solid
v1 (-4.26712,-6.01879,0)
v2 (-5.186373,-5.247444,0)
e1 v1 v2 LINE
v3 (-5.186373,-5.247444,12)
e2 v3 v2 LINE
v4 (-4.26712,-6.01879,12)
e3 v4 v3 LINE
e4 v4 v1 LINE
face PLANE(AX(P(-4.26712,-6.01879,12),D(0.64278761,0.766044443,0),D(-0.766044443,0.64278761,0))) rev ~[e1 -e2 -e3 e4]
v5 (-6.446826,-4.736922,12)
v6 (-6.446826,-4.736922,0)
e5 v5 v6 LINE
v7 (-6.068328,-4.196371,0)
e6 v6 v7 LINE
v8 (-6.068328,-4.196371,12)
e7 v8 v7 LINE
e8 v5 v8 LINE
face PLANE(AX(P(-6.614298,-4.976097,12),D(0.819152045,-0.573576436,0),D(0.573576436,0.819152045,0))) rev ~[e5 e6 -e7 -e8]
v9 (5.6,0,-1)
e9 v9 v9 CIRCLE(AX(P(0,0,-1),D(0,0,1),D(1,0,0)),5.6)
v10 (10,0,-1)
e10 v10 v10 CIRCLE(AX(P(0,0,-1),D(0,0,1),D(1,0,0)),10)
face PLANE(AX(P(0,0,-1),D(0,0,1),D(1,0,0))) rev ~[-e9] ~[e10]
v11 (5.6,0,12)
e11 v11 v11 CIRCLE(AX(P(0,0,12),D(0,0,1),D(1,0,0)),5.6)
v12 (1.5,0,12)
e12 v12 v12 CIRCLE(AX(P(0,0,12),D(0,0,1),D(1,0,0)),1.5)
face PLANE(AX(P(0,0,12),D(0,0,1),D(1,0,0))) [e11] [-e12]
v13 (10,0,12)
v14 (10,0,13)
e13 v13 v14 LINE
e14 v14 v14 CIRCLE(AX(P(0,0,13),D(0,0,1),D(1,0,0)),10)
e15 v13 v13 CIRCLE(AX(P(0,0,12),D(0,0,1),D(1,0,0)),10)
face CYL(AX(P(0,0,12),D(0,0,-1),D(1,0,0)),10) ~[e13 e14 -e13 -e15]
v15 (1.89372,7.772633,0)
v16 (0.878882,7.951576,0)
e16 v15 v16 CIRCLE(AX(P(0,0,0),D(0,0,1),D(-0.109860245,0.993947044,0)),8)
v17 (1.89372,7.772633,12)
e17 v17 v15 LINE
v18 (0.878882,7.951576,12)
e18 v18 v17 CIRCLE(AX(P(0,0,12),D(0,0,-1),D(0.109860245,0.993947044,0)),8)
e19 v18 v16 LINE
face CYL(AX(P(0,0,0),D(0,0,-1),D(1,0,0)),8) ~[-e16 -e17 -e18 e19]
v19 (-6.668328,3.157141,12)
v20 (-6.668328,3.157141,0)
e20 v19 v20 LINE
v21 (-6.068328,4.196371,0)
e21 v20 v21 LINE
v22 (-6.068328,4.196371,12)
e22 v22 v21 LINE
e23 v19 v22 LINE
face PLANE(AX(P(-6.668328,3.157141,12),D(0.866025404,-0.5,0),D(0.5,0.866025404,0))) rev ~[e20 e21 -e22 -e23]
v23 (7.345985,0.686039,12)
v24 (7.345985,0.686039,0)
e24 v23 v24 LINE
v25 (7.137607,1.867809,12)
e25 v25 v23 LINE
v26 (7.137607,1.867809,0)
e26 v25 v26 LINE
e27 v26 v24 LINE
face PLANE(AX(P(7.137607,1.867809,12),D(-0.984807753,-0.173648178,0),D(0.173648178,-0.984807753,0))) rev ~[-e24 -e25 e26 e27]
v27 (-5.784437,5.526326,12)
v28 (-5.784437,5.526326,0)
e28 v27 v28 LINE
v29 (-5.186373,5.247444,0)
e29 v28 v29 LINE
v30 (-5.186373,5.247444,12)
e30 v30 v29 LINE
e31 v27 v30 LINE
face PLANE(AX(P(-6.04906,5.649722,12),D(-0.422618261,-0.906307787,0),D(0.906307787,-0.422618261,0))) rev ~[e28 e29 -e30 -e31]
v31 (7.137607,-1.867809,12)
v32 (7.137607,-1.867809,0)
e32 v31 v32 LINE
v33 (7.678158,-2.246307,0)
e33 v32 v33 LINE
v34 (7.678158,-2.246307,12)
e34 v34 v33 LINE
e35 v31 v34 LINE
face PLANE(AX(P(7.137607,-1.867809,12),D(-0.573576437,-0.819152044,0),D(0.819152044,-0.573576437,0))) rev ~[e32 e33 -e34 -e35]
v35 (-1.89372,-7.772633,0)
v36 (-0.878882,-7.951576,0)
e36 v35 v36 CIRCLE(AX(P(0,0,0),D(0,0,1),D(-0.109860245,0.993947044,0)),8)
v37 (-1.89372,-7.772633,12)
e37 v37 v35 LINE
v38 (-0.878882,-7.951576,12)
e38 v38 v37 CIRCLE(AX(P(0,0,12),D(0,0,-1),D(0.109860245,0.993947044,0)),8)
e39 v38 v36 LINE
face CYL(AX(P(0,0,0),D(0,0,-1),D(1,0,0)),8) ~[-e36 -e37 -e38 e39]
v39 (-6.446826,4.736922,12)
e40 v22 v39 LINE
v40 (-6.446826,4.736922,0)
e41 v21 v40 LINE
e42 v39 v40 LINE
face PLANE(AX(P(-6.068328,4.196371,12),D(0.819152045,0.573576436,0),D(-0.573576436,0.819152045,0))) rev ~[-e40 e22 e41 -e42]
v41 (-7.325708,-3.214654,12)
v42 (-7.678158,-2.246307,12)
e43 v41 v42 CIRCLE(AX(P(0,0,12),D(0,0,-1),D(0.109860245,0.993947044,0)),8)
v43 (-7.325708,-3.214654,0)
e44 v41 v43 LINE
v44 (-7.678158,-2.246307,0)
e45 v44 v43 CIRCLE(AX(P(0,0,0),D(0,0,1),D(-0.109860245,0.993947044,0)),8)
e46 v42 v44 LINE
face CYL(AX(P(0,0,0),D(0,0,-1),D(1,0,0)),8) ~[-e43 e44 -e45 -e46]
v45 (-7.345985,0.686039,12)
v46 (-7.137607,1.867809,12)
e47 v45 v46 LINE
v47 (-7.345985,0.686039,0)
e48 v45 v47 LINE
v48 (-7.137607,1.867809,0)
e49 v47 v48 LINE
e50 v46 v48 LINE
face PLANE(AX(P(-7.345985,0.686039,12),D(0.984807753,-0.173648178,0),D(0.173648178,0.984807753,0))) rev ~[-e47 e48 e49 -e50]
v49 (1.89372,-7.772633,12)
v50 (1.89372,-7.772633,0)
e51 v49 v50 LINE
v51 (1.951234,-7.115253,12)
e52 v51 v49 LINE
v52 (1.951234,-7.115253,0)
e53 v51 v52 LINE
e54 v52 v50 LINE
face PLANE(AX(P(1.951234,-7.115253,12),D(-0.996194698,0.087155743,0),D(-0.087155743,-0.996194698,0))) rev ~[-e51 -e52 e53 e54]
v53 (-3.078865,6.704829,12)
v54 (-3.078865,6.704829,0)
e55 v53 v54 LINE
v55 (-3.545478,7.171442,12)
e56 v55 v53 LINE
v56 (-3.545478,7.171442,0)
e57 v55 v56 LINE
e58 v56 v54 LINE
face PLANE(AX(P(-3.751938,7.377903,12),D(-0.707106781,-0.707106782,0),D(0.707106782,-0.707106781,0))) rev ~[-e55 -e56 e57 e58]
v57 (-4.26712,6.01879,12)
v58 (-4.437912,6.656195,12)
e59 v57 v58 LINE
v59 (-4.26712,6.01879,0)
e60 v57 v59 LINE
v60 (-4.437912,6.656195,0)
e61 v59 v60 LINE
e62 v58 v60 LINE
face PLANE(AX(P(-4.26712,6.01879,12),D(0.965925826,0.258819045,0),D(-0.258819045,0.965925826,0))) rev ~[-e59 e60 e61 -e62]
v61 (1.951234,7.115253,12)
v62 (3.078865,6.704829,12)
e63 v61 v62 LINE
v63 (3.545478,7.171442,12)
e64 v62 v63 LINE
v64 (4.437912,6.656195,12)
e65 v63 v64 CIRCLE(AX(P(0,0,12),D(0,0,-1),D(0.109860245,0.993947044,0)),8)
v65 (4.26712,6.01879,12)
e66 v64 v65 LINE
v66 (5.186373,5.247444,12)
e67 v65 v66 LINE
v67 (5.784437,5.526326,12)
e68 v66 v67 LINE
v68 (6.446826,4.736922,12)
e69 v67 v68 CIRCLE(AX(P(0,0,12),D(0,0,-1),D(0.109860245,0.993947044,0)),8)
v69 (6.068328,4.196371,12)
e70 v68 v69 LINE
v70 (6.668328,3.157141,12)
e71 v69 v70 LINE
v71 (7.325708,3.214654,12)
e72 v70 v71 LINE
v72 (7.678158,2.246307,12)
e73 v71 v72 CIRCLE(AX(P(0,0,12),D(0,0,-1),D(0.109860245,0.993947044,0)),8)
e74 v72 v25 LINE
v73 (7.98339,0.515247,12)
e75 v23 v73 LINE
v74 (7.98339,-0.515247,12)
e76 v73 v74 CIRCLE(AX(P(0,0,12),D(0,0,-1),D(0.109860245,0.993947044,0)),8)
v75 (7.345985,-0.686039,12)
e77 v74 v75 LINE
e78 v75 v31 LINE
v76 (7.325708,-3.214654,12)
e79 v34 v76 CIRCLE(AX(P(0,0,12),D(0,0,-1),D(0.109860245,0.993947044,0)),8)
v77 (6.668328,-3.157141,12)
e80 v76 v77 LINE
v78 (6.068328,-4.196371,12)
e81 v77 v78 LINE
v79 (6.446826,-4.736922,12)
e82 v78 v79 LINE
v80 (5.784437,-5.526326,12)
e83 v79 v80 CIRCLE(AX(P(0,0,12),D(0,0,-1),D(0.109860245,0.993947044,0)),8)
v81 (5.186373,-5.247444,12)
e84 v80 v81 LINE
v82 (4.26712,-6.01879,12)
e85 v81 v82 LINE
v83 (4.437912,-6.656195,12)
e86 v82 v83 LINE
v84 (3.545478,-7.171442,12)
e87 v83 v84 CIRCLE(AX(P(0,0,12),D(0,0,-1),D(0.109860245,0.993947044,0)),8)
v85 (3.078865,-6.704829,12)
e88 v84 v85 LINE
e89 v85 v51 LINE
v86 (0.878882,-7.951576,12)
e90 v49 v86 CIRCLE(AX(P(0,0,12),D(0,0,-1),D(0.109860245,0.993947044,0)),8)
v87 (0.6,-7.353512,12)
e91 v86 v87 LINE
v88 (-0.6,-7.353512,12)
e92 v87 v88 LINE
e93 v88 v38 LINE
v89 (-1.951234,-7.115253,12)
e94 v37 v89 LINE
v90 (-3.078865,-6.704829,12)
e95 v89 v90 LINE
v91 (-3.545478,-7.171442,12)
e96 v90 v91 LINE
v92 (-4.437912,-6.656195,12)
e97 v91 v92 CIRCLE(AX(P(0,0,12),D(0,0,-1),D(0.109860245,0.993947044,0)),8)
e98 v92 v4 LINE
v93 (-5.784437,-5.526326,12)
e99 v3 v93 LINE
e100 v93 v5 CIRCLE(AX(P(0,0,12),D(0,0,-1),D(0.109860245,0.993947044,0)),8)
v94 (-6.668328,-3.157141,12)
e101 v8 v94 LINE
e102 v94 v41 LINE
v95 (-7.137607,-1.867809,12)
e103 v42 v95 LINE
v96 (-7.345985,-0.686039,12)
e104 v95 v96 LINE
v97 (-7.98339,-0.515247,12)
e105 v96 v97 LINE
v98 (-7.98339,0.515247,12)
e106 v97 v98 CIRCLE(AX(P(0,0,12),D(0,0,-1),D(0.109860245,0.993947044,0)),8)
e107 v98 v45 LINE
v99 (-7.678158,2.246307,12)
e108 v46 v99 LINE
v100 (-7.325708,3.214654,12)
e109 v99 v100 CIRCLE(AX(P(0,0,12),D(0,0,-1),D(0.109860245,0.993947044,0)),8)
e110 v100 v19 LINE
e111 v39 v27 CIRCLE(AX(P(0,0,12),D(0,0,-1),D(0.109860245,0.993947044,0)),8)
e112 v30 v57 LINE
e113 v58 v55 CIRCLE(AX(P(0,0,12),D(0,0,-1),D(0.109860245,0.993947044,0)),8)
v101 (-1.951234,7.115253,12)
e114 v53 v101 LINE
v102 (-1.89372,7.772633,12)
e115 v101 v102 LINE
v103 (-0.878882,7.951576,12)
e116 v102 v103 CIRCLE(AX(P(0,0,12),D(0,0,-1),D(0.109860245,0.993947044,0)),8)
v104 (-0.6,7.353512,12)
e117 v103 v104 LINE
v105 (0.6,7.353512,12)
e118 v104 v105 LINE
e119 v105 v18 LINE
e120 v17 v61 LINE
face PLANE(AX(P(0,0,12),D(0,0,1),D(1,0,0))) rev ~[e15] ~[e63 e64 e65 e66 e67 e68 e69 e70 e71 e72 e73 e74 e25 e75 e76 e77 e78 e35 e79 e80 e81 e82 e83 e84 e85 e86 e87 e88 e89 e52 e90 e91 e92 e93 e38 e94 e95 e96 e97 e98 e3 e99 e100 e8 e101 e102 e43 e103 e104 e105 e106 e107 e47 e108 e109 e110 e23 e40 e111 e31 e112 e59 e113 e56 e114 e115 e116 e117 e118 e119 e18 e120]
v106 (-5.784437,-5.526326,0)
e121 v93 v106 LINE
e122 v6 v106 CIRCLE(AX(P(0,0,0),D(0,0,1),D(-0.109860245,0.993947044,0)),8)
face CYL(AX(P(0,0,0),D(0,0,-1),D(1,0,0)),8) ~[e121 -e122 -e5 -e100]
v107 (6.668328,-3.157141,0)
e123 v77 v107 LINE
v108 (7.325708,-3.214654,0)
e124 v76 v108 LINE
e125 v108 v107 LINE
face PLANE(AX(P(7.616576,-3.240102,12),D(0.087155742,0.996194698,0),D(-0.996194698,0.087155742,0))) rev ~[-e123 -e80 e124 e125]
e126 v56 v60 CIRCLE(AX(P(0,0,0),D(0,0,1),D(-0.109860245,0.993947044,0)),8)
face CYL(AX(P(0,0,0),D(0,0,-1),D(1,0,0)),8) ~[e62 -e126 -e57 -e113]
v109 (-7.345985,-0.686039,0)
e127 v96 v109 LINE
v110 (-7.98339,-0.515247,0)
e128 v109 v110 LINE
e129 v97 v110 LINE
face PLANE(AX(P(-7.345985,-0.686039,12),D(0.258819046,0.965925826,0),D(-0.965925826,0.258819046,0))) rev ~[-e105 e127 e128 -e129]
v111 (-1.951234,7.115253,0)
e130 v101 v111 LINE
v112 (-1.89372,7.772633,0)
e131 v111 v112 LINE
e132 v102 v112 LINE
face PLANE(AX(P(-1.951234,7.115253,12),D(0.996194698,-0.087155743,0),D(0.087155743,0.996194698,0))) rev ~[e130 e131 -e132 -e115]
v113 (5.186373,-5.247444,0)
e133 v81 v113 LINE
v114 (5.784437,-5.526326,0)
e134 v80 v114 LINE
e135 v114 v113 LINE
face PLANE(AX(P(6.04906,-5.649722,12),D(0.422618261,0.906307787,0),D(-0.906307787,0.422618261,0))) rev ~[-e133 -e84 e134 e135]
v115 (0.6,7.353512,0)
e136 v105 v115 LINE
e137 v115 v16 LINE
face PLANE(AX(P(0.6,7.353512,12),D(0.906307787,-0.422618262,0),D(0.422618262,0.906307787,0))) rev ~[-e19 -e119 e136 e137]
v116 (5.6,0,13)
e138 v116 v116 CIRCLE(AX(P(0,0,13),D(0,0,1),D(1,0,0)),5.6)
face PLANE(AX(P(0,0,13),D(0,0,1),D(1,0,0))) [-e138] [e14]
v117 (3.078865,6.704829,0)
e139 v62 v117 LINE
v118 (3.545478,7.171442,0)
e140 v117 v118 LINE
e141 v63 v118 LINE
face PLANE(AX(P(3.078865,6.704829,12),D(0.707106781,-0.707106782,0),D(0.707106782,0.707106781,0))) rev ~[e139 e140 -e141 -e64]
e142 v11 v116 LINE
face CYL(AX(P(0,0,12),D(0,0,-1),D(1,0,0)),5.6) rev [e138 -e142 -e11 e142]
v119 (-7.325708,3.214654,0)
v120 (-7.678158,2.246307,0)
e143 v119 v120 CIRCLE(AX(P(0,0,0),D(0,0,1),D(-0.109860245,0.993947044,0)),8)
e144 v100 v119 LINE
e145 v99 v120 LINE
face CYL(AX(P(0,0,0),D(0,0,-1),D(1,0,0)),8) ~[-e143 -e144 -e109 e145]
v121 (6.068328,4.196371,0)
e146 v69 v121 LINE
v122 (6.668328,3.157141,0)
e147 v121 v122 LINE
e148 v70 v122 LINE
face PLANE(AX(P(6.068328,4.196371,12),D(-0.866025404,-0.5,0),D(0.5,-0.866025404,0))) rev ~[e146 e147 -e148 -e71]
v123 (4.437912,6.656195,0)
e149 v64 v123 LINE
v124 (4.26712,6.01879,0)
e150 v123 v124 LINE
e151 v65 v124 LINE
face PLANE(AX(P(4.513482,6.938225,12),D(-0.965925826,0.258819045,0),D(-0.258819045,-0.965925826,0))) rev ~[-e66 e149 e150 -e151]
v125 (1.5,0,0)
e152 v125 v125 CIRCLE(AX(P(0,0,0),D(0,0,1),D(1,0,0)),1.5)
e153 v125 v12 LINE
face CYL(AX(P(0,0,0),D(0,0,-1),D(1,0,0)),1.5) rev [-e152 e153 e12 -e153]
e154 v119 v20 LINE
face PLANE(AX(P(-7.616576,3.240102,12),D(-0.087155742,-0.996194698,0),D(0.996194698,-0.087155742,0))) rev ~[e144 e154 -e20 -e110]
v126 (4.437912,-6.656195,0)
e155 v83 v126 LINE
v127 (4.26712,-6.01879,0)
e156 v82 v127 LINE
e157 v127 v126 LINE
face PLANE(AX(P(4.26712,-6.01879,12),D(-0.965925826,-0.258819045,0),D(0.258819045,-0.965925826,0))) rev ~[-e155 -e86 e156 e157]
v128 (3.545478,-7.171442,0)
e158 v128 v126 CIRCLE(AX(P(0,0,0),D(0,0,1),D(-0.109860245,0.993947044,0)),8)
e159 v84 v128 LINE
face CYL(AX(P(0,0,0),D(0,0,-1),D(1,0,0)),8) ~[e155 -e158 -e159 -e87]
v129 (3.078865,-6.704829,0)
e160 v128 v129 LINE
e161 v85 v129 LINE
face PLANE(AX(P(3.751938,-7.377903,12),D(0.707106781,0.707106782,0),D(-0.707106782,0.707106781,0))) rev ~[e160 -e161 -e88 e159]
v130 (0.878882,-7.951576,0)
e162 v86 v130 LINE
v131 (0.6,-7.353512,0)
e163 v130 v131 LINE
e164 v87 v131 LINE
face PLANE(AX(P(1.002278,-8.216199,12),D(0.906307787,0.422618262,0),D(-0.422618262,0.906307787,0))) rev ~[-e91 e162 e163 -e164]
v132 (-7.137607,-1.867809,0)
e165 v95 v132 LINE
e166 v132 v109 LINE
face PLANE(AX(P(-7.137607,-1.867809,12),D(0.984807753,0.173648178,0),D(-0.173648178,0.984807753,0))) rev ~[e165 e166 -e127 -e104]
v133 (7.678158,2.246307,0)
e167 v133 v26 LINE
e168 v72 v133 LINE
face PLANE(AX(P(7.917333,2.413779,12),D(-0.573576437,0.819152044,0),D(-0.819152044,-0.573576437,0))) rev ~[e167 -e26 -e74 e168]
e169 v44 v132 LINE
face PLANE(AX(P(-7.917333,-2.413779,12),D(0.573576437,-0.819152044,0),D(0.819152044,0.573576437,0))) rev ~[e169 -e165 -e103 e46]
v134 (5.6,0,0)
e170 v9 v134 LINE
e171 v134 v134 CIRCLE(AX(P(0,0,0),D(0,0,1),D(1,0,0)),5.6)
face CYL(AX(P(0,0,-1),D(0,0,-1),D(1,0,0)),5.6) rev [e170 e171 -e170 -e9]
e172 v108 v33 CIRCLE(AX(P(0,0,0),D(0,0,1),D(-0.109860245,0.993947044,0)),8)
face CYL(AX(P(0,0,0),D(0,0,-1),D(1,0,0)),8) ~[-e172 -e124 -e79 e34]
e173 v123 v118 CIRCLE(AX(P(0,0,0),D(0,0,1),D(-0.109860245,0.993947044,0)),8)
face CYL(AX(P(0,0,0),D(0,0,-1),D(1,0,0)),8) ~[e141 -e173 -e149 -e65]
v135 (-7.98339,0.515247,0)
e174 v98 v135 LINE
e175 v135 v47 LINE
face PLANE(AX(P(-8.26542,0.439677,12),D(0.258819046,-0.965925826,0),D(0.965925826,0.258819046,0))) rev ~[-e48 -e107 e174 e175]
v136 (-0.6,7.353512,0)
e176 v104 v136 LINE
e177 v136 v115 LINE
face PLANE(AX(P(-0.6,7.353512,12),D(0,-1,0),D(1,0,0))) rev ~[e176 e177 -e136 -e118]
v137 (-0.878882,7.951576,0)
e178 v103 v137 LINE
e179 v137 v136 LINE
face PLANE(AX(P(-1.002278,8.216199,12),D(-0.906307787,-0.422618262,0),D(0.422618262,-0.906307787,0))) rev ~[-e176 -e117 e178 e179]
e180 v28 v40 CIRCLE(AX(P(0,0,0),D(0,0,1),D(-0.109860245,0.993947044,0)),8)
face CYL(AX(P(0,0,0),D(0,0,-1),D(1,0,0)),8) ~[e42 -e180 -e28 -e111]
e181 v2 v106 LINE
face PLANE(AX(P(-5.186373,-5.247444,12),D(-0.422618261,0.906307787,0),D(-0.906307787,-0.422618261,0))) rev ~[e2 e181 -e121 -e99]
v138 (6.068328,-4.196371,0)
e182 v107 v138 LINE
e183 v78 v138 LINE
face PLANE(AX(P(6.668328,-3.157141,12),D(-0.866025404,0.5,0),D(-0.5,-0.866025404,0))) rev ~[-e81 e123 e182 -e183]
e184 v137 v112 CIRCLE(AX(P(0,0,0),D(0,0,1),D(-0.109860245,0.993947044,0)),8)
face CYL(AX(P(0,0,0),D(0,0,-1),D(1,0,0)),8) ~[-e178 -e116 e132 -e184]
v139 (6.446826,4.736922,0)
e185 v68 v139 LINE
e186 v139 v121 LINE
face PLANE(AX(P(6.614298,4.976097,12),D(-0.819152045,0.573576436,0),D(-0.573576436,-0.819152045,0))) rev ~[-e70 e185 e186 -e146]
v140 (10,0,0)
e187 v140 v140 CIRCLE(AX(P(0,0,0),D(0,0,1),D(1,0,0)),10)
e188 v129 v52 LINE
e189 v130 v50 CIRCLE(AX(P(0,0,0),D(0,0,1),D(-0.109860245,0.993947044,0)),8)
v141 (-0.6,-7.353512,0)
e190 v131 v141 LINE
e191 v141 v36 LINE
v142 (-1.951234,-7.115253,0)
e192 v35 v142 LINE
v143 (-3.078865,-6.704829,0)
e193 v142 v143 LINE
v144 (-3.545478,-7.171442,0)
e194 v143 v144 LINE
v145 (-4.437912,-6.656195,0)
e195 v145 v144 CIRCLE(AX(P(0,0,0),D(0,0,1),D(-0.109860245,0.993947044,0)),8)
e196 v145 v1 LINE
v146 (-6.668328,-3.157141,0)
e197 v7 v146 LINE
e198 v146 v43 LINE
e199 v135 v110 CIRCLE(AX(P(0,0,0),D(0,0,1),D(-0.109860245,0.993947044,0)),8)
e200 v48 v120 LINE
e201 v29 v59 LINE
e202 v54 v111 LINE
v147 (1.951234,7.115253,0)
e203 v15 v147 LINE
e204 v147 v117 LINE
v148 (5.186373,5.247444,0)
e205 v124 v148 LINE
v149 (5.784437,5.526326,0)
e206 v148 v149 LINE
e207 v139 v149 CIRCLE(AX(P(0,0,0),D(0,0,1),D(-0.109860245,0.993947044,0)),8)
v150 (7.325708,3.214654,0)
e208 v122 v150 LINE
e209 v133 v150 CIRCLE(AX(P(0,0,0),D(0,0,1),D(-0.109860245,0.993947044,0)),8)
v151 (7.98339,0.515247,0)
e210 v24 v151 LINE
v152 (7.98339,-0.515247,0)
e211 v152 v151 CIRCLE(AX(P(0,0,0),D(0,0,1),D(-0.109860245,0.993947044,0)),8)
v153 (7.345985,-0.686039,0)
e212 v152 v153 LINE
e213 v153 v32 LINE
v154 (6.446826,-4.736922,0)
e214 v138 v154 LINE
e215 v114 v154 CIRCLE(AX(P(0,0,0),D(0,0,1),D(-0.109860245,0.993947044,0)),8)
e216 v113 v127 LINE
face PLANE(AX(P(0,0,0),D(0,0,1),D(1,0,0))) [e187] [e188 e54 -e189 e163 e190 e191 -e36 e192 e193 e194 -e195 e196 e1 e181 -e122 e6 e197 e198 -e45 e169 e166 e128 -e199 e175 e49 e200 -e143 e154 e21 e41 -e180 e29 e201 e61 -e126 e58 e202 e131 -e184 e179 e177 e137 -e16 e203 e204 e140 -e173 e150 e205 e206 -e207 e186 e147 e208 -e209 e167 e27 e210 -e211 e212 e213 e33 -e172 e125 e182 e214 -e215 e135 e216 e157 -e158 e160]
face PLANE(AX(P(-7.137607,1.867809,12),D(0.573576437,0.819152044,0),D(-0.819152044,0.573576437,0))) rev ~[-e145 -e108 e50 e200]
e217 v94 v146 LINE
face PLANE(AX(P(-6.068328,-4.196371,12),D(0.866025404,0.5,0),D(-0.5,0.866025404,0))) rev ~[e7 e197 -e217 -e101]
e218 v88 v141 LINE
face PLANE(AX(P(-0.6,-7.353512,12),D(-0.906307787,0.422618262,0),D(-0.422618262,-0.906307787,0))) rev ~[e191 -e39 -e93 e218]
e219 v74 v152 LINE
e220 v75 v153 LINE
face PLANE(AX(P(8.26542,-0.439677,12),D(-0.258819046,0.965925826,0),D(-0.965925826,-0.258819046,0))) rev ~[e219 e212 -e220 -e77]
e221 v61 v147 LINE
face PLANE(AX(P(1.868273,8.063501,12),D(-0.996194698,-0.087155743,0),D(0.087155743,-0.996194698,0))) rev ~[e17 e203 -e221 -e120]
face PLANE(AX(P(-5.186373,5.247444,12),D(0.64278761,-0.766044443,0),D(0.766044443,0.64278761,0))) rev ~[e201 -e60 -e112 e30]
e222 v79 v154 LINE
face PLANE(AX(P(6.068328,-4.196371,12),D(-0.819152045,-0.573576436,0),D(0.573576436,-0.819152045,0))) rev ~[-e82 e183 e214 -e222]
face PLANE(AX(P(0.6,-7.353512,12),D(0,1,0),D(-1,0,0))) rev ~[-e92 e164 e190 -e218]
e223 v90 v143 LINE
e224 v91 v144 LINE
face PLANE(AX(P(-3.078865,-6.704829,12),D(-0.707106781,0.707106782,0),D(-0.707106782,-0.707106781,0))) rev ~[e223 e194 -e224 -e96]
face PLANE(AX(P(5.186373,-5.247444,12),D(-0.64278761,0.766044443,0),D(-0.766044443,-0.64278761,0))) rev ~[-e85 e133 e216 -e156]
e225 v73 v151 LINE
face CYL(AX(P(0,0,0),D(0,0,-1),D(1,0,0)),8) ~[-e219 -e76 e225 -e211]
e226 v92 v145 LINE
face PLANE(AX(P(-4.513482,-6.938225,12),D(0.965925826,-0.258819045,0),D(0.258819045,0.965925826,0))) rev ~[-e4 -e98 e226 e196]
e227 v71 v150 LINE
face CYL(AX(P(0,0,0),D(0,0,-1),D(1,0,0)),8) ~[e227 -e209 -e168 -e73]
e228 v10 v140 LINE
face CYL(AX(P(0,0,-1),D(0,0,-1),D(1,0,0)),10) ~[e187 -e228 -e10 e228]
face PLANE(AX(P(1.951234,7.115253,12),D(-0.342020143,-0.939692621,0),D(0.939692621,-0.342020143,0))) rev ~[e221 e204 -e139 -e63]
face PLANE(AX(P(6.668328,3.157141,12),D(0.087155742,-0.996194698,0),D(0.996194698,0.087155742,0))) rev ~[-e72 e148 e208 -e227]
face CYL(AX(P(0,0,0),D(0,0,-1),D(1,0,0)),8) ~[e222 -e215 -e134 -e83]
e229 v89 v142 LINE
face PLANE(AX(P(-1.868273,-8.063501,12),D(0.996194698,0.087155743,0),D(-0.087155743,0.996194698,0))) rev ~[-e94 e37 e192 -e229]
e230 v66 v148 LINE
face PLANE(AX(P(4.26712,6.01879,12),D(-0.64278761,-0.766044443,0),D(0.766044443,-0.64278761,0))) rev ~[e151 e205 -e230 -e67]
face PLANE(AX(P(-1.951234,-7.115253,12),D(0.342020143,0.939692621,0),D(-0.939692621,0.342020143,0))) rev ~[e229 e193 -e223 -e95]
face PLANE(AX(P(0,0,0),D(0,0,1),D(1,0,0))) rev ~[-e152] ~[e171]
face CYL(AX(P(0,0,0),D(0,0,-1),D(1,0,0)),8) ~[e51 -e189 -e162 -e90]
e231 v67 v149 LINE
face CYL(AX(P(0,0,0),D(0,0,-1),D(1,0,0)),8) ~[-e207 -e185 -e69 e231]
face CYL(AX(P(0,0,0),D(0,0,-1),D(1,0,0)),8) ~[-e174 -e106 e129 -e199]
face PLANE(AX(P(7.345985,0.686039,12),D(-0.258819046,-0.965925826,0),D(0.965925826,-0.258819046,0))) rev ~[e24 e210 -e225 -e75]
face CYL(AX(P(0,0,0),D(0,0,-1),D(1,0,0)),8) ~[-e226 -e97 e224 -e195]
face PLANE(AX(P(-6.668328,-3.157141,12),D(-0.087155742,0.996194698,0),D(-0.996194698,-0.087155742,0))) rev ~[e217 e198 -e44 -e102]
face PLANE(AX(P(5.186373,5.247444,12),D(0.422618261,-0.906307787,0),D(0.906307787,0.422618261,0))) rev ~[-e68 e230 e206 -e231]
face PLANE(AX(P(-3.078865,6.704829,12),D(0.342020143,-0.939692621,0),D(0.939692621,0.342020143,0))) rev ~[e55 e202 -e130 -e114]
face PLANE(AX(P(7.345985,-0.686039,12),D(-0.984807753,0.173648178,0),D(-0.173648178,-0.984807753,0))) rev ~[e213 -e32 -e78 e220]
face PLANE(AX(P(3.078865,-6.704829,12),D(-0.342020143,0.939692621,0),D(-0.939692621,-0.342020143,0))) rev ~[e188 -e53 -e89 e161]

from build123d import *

# Parameters (mm, degrees)
ESQUISSE1_R                  = 8
ESQUISSE1_R_2                = 1.5
EXTRUSION1_DEPTH             = 12
EXTRUSION2_DEPTH             = 17.492422502
R_P_TITION_CIRCULAIRE1_COUNT = 18
ESQUISSE3_R                  = 10
ESQUISSE3_R_2                = 5.6
EXTRUSION3_DEPTH             = 1
R_P_TITION_LIN_AIRE1_COUNT   = 2
R_P_TITION_LIN_AIRE1_PITCH   = 13


with BuildPart() as part:
    # Esquisse1 → Extrusion1 (new body)
    with BuildSketch(Plane.XY):
        Circle(ESQUISSE1_R)
        Circle(ESQUISSE1_R_2, mode=Mode.SUBTRACT)
    extrude(amount=EXTRUSION1_DEPTH)

    # Esquisse2 → Extrusion2 (cut, through all)
    with BuildSketch(Plane.XY.offset(12)):
        Polygon((-0.6, 7.353512063), (0.6, 7.353512063), (1.002277566, 8.216199086), (-1.002277566, 8.216199086), align=None)
    extrusion2 = extrude(amount=-EXTRUSION2_DEPTH, mode=Mode.SUBTRACT)

    # Répétition circulaire1: Extrusion2 ×18 about axis
    r_p_tition_circulaire1_axis = Axis((0, 0, 0), (0, 0, 1))
    for i in range(1, R_P_TITION_CIRCULAIRE1_COUNT):
        add(extrusion2.rotate(r_p_tition_circulaire1_axis, i * 360 / R_P_TITION_CIRCULAIRE1_COUNT), mode=Mode.SUBTRACT)

    # Esquisse3 → Extrusion3 (add)
    with BuildSketch(Plane.XY.offset(12)):
        Circle(ESQUISSE3_R)
        Circle(ESQUISSE3_R_2, mode=Mode.SUBTRACT)
    extrusion3 = extrude(amount=EXTRUSION3_DEPTH)

    # Répétition linéaire1: Extrusion3 ×2
    with Locations(*[(0, 0, -i * R_P_TITION_LIN_AIRE1_PITCH) for i in range(1, R_P_TITION_LIN_AIRE1_COUNT)]):
        add(extrusion3)


solid = part.part
